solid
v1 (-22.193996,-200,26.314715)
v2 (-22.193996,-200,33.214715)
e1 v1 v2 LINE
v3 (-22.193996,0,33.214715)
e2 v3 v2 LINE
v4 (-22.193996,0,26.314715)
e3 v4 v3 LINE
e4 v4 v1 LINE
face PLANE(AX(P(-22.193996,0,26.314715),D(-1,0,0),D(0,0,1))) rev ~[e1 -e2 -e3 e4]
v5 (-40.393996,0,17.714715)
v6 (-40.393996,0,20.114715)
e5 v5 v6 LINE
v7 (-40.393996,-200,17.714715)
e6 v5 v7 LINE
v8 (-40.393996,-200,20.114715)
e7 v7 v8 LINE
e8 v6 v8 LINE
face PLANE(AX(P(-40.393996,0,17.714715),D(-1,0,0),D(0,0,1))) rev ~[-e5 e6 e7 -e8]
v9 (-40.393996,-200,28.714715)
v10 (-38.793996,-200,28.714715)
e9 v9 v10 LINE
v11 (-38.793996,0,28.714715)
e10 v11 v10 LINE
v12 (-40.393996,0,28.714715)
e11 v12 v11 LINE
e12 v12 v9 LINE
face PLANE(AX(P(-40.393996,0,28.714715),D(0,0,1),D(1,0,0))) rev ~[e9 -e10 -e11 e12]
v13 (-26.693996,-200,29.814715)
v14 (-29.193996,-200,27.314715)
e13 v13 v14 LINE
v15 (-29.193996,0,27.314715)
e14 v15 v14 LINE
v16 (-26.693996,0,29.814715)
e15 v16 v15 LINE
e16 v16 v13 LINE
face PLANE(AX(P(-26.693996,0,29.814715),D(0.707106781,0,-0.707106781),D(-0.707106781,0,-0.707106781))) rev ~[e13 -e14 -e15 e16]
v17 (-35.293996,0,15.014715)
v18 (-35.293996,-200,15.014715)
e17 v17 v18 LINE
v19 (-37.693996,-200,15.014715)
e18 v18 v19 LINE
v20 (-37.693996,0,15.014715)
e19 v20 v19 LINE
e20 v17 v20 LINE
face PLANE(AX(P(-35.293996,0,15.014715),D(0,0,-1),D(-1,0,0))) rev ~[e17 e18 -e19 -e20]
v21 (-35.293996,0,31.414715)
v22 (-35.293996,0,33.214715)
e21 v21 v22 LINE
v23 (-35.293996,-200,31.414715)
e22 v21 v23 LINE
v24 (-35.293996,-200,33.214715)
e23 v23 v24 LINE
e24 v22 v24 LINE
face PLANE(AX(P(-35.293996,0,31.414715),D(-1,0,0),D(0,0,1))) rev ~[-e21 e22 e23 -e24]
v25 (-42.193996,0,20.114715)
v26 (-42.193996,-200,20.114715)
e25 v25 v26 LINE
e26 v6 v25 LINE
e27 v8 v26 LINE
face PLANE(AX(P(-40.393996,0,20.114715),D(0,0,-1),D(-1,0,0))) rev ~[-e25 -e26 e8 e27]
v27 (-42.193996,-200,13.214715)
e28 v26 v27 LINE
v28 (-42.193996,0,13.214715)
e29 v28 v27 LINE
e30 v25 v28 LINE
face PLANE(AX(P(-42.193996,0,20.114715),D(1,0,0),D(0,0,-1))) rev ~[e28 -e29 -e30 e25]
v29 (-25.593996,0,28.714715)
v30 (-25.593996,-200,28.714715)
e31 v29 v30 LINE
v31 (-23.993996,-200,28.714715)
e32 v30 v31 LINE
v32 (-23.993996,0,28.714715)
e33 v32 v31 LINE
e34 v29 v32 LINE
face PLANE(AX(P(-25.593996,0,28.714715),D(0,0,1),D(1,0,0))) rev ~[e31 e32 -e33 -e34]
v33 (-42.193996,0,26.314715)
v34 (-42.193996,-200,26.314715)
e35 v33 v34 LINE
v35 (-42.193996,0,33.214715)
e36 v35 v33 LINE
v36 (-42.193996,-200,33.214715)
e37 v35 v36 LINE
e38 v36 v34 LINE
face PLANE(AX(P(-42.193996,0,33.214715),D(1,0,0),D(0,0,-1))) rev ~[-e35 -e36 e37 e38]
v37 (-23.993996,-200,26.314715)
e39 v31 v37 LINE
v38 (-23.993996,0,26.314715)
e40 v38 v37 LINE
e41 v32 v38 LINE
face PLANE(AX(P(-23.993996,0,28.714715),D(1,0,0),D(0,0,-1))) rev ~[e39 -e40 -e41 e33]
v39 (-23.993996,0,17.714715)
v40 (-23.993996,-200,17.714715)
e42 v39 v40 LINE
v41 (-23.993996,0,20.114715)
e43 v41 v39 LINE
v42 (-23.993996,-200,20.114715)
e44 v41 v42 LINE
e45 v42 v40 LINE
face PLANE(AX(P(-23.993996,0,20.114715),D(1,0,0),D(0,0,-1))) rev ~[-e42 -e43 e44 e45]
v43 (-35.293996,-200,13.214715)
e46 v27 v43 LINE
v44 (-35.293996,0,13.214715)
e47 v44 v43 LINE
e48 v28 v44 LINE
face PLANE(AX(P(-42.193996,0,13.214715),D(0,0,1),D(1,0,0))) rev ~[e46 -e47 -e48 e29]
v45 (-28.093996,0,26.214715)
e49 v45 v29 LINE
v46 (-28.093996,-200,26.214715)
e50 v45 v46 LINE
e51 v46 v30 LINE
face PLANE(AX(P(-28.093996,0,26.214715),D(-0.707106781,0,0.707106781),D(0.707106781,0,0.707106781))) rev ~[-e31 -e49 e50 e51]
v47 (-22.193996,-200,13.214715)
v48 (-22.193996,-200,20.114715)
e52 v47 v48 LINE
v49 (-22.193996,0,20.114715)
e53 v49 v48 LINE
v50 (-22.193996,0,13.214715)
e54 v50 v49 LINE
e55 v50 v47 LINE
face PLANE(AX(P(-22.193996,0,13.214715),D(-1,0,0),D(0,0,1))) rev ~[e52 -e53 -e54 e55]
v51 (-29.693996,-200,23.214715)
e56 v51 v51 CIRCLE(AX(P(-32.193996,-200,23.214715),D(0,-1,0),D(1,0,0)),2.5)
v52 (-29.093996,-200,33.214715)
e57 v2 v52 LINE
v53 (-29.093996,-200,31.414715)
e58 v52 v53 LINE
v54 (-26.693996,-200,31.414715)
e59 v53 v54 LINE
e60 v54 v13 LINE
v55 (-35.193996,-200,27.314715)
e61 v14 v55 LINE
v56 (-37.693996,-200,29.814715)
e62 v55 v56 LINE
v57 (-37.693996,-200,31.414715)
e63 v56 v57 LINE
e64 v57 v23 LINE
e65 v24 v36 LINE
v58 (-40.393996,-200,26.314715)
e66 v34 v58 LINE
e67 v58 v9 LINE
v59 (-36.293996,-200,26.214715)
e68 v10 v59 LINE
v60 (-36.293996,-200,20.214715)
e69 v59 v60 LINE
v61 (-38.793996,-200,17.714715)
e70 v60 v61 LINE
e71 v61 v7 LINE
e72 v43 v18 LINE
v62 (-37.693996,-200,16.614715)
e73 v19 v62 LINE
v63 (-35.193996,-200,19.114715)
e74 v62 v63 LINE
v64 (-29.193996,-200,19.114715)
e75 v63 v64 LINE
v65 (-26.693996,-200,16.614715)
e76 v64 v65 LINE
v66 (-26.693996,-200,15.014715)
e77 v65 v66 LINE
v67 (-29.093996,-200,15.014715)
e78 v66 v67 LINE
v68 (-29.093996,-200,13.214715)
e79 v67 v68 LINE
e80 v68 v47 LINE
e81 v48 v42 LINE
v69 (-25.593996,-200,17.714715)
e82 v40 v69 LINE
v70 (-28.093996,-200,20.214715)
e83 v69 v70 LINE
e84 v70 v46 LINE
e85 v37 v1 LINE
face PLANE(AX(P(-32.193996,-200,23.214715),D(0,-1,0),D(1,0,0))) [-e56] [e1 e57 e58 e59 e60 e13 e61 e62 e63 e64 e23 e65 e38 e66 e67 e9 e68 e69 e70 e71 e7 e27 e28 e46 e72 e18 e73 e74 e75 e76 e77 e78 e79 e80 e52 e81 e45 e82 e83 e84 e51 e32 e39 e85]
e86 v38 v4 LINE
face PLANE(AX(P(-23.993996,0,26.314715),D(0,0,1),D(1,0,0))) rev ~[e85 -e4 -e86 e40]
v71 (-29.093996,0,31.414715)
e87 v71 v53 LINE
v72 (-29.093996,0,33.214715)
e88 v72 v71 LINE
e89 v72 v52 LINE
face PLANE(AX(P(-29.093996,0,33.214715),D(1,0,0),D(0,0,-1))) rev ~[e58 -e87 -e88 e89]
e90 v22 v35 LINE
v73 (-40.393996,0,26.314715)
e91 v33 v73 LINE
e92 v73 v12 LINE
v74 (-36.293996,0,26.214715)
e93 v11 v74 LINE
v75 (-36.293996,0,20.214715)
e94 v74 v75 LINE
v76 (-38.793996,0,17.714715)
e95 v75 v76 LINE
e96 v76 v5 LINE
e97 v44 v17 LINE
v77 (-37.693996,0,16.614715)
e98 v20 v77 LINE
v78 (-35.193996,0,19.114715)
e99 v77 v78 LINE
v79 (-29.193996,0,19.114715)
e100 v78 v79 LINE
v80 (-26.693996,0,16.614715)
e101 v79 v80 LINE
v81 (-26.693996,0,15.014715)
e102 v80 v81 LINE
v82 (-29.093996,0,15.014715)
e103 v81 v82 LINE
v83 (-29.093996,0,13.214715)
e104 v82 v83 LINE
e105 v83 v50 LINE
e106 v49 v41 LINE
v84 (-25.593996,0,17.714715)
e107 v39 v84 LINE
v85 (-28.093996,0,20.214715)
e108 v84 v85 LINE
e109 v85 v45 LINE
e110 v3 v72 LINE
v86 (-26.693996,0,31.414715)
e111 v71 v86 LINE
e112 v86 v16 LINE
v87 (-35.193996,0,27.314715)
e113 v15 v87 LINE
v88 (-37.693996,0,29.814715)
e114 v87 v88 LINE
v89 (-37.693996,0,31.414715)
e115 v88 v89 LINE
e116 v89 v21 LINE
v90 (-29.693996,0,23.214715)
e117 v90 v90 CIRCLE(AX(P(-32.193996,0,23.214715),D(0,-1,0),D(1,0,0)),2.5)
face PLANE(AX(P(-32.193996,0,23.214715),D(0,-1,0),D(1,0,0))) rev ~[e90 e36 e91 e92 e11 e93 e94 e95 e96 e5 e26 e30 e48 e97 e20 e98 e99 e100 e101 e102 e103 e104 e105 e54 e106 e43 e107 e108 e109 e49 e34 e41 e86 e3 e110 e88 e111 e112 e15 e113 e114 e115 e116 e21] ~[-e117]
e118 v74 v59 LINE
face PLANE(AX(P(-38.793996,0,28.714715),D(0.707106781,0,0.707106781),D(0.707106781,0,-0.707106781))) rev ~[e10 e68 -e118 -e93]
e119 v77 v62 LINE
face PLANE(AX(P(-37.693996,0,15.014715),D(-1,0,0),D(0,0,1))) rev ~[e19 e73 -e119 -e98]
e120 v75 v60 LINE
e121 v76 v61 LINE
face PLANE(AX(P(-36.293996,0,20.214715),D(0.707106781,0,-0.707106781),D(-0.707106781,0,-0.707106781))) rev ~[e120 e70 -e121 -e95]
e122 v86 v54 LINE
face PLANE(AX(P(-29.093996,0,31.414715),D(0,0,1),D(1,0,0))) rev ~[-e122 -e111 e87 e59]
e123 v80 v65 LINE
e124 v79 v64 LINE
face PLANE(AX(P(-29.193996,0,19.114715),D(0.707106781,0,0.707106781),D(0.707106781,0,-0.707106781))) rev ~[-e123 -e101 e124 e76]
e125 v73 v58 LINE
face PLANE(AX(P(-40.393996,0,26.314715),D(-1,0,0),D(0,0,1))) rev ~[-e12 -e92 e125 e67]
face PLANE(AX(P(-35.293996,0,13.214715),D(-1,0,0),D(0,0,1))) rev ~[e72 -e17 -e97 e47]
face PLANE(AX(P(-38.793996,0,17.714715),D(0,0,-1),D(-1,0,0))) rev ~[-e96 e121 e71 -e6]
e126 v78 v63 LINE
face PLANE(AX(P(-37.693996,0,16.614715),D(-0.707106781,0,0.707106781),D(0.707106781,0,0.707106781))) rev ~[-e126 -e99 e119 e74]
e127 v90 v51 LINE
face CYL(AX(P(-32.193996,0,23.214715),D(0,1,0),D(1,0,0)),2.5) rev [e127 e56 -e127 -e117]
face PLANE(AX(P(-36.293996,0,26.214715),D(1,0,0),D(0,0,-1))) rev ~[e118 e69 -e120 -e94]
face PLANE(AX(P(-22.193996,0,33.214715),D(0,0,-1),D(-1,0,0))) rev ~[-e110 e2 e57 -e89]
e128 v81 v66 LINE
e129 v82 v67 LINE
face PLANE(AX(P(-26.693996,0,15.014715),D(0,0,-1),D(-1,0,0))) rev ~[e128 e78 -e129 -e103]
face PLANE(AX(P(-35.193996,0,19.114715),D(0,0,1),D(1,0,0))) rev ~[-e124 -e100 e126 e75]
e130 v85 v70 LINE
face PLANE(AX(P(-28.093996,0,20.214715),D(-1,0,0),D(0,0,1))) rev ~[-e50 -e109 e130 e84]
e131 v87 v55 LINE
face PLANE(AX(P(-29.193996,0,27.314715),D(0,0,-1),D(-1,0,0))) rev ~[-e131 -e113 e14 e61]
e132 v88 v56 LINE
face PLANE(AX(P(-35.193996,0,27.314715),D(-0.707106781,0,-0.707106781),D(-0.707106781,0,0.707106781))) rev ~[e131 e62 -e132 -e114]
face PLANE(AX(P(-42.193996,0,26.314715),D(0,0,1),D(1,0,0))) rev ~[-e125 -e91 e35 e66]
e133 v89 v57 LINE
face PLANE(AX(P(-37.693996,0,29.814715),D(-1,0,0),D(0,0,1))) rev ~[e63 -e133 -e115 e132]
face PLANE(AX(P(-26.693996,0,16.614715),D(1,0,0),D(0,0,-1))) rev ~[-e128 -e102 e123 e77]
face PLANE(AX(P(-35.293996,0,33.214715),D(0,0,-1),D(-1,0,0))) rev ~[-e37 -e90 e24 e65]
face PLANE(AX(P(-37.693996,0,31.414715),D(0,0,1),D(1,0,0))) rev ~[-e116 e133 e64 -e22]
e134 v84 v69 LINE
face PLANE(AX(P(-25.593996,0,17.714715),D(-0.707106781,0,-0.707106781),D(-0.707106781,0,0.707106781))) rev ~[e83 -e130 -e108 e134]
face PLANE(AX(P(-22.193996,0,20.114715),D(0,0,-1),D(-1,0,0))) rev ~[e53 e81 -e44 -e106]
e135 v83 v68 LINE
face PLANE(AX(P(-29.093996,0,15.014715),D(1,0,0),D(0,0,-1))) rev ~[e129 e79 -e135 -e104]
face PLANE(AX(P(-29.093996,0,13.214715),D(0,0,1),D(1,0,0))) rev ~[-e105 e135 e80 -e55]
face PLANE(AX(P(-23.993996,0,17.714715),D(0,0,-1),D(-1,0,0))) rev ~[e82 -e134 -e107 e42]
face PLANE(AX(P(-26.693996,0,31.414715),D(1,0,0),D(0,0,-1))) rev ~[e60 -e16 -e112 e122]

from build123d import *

# Parameters (mm, degrees)
F0_R     = 2.5
F1_DEPTH = 200


with BuildPart() as f1:
    # F0 (on Front) → F1 (new body)
    with BuildSketch(Plane.XZ):
        Polygon((-35.293996, 33.214715), (-42.193996, 33.214715), (-42.193996, 26.314715), (-40.393996, 26.314715), (-40.393996, 28.714715), (-38.793996, 28.714715), (-36.293996, 26.214715), (-36.293996, 20.214715), (-38.793996, 17.714715), (-40.393996, 17.714715), (-40.393996, 20.114715), (-42.193996, 20.114715), (-42.193996, 13.214715), (-35.293996, 13.214715), (-35.293996, 15.014715), (-37.693996, 15.014715), (-37.693996, 16.614715), (-35.193996, 19.114715), (-32.193996, 19.114715), (-29.193996, 19.114715), (-26.693996, 16.614715), (-26.693996, 15.014715), (-29.093996, 15.014715), (-29.093996, 13.214715), (-22.193996, 13.214715), (-22.193996, 20.114715), (-23.993996, 20.114715), (-23.993996, 17.714715), (-25.593996, 17.714715), (-28.093996, 20.214715), (-28.093996, 26.214715), (-25.593996, 28.714715), (-23.993996, 28.714715), (-23.993996, 26.314715), (-22.193996, 26.314715), (-22.193996, 33.214715), (-29.093996, 33.214715), (-29.093996, 31.414715), (-26.693996, 31.414715), (-26.693996, 29.814715), (-29.193996, 27.314715), (-32.193996, 27.314715), (-35.193996, 27.314715), (-37.693996, 29.814715), (-37.693996, 31.414715), (-35.293996, 31.414715), align=None)
        with Locations((-32.193996, 23.214715)):
            Circle(F0_R, mode=Mode.SUBTRACT)
    extrude(amount=F1_DEPTH)


solid = f1.part
